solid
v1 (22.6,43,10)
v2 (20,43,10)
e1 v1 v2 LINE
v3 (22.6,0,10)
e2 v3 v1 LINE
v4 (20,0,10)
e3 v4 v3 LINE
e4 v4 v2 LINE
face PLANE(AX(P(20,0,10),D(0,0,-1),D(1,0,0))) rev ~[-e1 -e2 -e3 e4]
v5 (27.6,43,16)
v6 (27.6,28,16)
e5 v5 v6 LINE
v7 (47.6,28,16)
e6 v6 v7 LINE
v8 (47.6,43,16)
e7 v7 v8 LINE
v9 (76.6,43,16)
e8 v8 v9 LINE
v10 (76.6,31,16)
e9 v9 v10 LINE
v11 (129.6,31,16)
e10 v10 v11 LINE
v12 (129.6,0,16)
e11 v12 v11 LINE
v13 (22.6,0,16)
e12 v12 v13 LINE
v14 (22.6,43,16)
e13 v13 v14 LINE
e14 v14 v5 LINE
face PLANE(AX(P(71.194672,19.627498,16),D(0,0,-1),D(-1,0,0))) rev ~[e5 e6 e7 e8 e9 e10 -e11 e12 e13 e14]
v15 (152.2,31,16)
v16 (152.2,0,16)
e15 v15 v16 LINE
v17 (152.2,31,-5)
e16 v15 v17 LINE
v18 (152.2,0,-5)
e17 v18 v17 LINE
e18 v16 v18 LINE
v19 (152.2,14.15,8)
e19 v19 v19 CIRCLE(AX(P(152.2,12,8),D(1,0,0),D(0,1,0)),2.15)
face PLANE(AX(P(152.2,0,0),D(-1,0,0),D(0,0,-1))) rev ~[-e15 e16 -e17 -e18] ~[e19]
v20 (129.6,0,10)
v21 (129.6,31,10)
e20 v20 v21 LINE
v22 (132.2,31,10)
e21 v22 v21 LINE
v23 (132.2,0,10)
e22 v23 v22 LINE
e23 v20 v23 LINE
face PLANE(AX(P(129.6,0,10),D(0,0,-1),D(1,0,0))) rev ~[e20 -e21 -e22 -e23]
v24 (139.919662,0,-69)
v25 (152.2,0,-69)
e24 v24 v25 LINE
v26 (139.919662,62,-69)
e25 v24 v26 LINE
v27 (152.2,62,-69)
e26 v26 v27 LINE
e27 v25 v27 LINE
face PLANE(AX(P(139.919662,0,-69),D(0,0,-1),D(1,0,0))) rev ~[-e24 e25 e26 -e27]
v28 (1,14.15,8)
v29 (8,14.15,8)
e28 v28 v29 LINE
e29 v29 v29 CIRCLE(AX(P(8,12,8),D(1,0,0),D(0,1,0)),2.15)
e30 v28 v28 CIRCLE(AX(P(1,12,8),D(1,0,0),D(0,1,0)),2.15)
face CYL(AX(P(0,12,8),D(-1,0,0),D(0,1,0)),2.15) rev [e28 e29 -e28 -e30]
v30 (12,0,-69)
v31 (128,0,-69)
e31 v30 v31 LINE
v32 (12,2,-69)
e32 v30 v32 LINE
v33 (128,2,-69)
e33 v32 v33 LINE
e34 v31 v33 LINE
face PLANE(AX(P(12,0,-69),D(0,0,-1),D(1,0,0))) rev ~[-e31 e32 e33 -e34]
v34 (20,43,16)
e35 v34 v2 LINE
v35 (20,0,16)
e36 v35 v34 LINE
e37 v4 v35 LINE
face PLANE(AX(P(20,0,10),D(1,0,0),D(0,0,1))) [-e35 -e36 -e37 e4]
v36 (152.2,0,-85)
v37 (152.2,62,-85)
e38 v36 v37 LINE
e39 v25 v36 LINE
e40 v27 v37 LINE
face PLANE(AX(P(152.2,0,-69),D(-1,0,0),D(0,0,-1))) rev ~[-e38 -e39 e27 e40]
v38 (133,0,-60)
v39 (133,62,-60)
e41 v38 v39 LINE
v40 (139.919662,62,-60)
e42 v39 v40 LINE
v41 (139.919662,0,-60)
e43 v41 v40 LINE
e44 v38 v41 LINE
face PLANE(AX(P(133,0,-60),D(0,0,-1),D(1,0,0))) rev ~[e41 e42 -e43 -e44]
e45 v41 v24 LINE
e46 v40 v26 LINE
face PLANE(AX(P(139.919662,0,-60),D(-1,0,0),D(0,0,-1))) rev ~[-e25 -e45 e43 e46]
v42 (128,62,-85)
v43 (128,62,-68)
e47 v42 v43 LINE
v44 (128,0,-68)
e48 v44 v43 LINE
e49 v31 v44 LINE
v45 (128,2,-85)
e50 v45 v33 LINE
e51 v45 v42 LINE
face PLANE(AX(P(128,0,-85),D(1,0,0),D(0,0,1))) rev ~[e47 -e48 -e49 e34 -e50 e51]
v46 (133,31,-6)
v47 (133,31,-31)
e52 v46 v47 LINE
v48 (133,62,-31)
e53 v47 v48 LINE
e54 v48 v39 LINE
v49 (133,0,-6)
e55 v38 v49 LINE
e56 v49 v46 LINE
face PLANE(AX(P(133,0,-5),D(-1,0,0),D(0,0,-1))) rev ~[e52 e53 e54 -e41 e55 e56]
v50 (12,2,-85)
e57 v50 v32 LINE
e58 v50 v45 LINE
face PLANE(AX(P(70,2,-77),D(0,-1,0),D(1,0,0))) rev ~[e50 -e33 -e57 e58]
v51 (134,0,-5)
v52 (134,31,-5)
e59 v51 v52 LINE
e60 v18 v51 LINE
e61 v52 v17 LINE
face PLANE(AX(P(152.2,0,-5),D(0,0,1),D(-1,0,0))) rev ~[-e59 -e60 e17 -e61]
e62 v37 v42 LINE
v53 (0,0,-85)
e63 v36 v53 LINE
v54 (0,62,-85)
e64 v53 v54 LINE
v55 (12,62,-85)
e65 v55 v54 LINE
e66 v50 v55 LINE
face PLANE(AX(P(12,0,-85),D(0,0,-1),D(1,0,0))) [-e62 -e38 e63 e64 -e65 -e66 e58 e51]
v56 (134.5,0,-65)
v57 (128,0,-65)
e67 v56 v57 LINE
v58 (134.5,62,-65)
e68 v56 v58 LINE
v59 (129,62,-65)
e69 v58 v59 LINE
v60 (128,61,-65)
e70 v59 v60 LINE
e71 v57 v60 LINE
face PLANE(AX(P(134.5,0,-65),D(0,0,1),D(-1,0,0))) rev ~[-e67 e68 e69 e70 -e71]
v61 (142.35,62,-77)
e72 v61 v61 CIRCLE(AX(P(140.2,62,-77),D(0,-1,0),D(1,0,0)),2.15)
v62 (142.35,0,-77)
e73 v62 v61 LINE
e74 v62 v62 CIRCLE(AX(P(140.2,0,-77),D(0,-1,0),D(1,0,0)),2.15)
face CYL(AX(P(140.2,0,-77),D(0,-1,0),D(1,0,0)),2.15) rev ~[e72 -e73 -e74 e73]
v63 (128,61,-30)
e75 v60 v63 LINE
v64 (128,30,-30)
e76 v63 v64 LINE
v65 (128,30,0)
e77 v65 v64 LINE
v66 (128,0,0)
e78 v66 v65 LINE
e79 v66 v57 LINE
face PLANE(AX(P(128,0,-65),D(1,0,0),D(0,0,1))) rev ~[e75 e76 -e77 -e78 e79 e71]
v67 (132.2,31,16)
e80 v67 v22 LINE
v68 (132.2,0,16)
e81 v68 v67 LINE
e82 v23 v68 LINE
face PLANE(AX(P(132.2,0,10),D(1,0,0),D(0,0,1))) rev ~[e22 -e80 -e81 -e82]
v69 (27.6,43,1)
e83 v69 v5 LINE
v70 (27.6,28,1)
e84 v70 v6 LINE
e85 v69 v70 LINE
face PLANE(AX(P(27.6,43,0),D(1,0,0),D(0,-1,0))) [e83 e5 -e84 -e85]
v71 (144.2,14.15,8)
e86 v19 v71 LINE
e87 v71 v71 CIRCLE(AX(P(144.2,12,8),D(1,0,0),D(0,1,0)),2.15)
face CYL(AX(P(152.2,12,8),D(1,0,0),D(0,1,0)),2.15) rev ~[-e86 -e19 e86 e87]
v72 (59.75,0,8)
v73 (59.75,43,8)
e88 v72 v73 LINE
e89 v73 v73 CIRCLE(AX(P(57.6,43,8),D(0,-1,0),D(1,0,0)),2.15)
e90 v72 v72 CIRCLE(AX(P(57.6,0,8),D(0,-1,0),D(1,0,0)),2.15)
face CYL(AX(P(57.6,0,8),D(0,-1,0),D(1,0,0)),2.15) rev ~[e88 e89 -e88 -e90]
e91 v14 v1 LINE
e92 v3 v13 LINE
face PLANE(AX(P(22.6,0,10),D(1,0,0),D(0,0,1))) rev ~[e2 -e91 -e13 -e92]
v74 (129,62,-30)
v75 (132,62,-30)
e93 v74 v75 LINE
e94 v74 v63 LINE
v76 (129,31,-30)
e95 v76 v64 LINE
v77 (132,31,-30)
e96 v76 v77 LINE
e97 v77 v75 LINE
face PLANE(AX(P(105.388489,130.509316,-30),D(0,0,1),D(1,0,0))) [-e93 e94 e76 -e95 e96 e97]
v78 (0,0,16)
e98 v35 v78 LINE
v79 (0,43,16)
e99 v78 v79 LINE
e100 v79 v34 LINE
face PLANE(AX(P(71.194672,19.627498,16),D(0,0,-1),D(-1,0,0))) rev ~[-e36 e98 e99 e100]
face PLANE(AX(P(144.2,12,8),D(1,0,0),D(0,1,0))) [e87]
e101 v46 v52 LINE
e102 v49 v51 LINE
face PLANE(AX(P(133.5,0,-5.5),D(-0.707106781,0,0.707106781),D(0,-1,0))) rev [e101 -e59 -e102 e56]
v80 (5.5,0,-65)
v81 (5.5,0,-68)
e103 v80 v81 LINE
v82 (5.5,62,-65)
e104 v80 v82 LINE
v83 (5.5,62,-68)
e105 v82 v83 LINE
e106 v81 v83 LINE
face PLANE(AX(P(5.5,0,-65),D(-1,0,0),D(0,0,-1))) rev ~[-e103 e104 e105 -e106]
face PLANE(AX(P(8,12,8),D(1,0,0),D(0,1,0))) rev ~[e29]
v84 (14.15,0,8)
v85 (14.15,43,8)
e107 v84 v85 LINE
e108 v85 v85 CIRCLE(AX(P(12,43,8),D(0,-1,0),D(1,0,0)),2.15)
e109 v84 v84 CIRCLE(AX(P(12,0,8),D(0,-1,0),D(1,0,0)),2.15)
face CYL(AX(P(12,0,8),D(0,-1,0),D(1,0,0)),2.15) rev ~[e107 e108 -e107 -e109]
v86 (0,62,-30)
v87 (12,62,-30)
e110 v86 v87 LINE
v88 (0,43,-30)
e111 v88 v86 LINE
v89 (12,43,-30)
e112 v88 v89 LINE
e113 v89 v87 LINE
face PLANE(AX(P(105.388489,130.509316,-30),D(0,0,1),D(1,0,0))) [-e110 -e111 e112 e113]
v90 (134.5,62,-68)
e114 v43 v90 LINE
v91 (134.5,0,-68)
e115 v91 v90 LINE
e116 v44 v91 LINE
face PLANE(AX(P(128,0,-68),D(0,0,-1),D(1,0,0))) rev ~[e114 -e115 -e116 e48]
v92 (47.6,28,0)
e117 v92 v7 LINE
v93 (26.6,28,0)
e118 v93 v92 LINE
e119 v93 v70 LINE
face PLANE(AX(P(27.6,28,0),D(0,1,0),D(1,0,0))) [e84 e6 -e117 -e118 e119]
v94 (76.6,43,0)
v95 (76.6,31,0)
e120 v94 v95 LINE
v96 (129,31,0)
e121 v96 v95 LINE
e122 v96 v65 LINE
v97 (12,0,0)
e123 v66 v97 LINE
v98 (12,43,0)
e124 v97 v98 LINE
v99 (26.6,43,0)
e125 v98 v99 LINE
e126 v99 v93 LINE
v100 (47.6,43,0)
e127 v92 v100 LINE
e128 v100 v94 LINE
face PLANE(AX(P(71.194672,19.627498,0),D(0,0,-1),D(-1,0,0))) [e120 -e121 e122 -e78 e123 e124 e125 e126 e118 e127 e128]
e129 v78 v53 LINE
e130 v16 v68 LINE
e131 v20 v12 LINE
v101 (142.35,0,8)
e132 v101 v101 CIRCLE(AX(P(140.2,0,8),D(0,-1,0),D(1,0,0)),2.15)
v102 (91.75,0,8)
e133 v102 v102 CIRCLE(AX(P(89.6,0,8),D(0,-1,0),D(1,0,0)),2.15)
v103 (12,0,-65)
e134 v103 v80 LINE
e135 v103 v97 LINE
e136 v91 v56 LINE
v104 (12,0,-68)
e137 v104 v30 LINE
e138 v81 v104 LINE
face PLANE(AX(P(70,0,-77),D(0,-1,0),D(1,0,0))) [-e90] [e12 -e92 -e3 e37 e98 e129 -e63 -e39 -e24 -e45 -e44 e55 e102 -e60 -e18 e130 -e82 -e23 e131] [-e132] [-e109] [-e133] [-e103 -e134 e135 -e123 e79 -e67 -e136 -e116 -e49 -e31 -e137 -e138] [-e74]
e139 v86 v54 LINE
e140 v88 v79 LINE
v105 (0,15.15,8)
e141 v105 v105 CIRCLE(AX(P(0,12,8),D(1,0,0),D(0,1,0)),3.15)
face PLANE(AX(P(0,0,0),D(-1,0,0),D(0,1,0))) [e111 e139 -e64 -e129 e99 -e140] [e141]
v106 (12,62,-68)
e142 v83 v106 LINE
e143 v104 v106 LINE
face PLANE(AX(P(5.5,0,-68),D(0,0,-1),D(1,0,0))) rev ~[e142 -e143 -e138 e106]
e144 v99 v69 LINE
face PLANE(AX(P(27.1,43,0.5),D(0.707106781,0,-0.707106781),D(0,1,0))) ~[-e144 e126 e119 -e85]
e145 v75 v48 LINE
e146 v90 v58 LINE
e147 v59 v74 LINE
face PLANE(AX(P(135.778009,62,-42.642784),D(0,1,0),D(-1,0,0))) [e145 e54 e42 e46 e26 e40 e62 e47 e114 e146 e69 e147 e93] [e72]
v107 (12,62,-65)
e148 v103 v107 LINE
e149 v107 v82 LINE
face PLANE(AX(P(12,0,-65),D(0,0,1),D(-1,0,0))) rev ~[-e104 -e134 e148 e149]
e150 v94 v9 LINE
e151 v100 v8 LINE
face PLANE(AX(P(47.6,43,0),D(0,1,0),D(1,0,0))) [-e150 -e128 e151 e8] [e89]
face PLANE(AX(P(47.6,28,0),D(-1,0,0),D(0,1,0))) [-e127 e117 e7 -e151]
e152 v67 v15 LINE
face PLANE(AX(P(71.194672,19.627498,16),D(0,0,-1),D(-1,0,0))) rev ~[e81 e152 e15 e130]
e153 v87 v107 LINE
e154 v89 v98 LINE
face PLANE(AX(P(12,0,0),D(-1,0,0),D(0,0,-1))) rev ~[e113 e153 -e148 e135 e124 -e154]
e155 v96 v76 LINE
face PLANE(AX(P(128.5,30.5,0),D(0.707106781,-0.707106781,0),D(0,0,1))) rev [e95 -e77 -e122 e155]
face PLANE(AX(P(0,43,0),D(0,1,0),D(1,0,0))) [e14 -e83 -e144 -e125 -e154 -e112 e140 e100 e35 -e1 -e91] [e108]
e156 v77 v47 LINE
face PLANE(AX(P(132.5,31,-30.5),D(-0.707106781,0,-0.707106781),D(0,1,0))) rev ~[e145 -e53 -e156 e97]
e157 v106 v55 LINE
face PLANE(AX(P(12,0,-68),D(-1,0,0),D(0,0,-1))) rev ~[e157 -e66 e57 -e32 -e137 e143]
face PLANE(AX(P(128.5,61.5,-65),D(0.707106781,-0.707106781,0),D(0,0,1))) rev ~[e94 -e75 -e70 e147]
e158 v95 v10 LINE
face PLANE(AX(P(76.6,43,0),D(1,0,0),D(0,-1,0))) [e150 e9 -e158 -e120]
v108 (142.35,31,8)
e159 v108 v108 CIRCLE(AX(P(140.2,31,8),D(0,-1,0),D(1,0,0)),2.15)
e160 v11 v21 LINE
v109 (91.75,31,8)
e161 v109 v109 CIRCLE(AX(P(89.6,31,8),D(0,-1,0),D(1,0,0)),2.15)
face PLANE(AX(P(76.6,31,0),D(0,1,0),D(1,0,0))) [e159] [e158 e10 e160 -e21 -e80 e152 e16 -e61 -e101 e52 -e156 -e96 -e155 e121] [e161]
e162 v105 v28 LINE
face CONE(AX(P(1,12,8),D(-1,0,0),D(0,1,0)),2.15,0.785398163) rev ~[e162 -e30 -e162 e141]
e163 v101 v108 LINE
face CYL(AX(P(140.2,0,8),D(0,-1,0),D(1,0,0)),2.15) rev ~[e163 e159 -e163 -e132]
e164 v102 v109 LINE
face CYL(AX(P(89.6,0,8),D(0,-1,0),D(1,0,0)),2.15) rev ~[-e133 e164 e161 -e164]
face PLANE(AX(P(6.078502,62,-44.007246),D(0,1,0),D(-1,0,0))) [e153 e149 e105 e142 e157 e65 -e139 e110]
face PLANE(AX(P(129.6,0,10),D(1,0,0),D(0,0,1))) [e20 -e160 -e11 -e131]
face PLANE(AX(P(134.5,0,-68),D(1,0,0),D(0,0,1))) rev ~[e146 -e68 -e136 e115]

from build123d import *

# Parameters (mm, degrees)
PAD_DEPTH       = 16
SKETCH002_R     = 2.15
POCKET001_DEPTH = 8
SKETCH003_R     = 2.15
POCKET002_DEPTH = 8
PAD001_DEPTH    = 62
SKETCH005_W     = 723.80365
SKETCH005_H     = 658.353257
POCKET003_DEPTH = 30
CHAMFER_SIZE    = 1
SKETCH001_R     = 2.15
SKETCH001_W     = 2.6
SKETCH001_H     = 6
POCKET_DEPTH    = 62.001
SKETCH006_W     = 116
SKETCH006_H     = 16
PAD002_DEPTH    = 2


with BuildPart() as part:
    # Sketch → Pad (new body)
    with BuildSketch(Plane.XY):
        Polygon((0, 0), (0, 43), (27.6, 43), (27.6, 28), (47.6, 28), (47.6, 43), (76.6, 43), (76.6, 31), (152.2, 31), (152.2, 0), align=None)
    extrude(amount=PAD_DEPTH)

    # Sketch002 → Pocket001 (cut)
    with BuildSketch(Plane.YZ):
        with Locations((12, 8)):
            Circle(SKETCH002_R)
    extrude(amount=POCKET001_DEPTH, mode=Mode.SUBTRACT)

    # Sketch003 (on DatumPlane) → Pocket002 (cut)
    with BuildSketch(Plane.YZ.offset(152.2)):
        with Locations((12, 8)):
            Circle(SKETCH003_R)
    extrude(amount=-POCKET002_DEPTH, mode=Mode.SUBTRACT)

    # Sketch004 → Pad001 (join)
    with BuildSketch(Plane.XZ):
        Polygon((128, 0), (152.2, 0), (152.2, -5), (133, -5), (133, -60), (139.919662, -60), (139.919662, -69), (152.2, -69), (152.2, -85), (128, -85), (128, -68), (134.5, -68), (134.5, -65), (128, -65), align=None)
        Polygon((0, 0), (12, 0), (12, -65), (5.5, -65), (5.5, -68), (12, -68), (12, -85), (0, -85), (0, -65), align=None)
    extrude(amount=-PAD001_DEPTH)

    # Sketch005 → Pocket003 (cut)
    with BuildSketch(Plane.XY):
        with Locations((105.388489, 130.509316)):
            Rectangle(SKETCH005_W, SKETCH005_H)
        Polygon((0, 0), (0, 43), (76.6, 43), (76.6, 31), (152.2, 31), (152.2, 0), align=None, mode=Mode.SUBTRACT)
    extrude(amount=-POCKET003_DEPTH, mode=Mode.SUBTRACT)

    # Chamfer
    chamfer_edges = [part.edges().sort_by_distance(p)[0] for p in [
        (133, 46.5, -30),
        (133, 15.5, -5),
        (128, 31, -15),
        (128, 62, -47.5),
        (27.6, 35.5, 0),
        (0, 9.85, 8),
    ]]
    chamfer(chamfer_edges, length=CHAMFER_SIZE)

    # Sketch001 → Pocket (cut, through all)
    with BuildSketch(Plane.XZ):
        with Locations((12, 8)):
            Circle(SKETCH001_R)
        with Locations((89.6, 8)):
            Circle(SKETCH001_R)
        with Locations((140.2, 8)):
            Circle(SKETCH001_R)
        with Locations((57.6, 8)):
            Circle(SKETCH001_R)
        with Locations((140.2, -77)):
            Circle(SKETCH001_R)
        with Locations((21.3, 13)):
            Rectangle(SKETCH001_W, SKETCH001_H)
        with Locations((130.9, 13)):
            Rectangle(SKETCH001_W, SKETCH001_H)
    extrude(amount=-POCKET_DEPTH, mode=Mode.SUBTRACT)

    # Sketch006 → Pad002 (join)
    with BuildSketch(Plane.XZ):
        with Locations((70, -77)):
            Rectangle(SKETCH006_W, SKETCH006_H)
    extrude(amount=-PAD002_DEPTH)


solid = part.part
